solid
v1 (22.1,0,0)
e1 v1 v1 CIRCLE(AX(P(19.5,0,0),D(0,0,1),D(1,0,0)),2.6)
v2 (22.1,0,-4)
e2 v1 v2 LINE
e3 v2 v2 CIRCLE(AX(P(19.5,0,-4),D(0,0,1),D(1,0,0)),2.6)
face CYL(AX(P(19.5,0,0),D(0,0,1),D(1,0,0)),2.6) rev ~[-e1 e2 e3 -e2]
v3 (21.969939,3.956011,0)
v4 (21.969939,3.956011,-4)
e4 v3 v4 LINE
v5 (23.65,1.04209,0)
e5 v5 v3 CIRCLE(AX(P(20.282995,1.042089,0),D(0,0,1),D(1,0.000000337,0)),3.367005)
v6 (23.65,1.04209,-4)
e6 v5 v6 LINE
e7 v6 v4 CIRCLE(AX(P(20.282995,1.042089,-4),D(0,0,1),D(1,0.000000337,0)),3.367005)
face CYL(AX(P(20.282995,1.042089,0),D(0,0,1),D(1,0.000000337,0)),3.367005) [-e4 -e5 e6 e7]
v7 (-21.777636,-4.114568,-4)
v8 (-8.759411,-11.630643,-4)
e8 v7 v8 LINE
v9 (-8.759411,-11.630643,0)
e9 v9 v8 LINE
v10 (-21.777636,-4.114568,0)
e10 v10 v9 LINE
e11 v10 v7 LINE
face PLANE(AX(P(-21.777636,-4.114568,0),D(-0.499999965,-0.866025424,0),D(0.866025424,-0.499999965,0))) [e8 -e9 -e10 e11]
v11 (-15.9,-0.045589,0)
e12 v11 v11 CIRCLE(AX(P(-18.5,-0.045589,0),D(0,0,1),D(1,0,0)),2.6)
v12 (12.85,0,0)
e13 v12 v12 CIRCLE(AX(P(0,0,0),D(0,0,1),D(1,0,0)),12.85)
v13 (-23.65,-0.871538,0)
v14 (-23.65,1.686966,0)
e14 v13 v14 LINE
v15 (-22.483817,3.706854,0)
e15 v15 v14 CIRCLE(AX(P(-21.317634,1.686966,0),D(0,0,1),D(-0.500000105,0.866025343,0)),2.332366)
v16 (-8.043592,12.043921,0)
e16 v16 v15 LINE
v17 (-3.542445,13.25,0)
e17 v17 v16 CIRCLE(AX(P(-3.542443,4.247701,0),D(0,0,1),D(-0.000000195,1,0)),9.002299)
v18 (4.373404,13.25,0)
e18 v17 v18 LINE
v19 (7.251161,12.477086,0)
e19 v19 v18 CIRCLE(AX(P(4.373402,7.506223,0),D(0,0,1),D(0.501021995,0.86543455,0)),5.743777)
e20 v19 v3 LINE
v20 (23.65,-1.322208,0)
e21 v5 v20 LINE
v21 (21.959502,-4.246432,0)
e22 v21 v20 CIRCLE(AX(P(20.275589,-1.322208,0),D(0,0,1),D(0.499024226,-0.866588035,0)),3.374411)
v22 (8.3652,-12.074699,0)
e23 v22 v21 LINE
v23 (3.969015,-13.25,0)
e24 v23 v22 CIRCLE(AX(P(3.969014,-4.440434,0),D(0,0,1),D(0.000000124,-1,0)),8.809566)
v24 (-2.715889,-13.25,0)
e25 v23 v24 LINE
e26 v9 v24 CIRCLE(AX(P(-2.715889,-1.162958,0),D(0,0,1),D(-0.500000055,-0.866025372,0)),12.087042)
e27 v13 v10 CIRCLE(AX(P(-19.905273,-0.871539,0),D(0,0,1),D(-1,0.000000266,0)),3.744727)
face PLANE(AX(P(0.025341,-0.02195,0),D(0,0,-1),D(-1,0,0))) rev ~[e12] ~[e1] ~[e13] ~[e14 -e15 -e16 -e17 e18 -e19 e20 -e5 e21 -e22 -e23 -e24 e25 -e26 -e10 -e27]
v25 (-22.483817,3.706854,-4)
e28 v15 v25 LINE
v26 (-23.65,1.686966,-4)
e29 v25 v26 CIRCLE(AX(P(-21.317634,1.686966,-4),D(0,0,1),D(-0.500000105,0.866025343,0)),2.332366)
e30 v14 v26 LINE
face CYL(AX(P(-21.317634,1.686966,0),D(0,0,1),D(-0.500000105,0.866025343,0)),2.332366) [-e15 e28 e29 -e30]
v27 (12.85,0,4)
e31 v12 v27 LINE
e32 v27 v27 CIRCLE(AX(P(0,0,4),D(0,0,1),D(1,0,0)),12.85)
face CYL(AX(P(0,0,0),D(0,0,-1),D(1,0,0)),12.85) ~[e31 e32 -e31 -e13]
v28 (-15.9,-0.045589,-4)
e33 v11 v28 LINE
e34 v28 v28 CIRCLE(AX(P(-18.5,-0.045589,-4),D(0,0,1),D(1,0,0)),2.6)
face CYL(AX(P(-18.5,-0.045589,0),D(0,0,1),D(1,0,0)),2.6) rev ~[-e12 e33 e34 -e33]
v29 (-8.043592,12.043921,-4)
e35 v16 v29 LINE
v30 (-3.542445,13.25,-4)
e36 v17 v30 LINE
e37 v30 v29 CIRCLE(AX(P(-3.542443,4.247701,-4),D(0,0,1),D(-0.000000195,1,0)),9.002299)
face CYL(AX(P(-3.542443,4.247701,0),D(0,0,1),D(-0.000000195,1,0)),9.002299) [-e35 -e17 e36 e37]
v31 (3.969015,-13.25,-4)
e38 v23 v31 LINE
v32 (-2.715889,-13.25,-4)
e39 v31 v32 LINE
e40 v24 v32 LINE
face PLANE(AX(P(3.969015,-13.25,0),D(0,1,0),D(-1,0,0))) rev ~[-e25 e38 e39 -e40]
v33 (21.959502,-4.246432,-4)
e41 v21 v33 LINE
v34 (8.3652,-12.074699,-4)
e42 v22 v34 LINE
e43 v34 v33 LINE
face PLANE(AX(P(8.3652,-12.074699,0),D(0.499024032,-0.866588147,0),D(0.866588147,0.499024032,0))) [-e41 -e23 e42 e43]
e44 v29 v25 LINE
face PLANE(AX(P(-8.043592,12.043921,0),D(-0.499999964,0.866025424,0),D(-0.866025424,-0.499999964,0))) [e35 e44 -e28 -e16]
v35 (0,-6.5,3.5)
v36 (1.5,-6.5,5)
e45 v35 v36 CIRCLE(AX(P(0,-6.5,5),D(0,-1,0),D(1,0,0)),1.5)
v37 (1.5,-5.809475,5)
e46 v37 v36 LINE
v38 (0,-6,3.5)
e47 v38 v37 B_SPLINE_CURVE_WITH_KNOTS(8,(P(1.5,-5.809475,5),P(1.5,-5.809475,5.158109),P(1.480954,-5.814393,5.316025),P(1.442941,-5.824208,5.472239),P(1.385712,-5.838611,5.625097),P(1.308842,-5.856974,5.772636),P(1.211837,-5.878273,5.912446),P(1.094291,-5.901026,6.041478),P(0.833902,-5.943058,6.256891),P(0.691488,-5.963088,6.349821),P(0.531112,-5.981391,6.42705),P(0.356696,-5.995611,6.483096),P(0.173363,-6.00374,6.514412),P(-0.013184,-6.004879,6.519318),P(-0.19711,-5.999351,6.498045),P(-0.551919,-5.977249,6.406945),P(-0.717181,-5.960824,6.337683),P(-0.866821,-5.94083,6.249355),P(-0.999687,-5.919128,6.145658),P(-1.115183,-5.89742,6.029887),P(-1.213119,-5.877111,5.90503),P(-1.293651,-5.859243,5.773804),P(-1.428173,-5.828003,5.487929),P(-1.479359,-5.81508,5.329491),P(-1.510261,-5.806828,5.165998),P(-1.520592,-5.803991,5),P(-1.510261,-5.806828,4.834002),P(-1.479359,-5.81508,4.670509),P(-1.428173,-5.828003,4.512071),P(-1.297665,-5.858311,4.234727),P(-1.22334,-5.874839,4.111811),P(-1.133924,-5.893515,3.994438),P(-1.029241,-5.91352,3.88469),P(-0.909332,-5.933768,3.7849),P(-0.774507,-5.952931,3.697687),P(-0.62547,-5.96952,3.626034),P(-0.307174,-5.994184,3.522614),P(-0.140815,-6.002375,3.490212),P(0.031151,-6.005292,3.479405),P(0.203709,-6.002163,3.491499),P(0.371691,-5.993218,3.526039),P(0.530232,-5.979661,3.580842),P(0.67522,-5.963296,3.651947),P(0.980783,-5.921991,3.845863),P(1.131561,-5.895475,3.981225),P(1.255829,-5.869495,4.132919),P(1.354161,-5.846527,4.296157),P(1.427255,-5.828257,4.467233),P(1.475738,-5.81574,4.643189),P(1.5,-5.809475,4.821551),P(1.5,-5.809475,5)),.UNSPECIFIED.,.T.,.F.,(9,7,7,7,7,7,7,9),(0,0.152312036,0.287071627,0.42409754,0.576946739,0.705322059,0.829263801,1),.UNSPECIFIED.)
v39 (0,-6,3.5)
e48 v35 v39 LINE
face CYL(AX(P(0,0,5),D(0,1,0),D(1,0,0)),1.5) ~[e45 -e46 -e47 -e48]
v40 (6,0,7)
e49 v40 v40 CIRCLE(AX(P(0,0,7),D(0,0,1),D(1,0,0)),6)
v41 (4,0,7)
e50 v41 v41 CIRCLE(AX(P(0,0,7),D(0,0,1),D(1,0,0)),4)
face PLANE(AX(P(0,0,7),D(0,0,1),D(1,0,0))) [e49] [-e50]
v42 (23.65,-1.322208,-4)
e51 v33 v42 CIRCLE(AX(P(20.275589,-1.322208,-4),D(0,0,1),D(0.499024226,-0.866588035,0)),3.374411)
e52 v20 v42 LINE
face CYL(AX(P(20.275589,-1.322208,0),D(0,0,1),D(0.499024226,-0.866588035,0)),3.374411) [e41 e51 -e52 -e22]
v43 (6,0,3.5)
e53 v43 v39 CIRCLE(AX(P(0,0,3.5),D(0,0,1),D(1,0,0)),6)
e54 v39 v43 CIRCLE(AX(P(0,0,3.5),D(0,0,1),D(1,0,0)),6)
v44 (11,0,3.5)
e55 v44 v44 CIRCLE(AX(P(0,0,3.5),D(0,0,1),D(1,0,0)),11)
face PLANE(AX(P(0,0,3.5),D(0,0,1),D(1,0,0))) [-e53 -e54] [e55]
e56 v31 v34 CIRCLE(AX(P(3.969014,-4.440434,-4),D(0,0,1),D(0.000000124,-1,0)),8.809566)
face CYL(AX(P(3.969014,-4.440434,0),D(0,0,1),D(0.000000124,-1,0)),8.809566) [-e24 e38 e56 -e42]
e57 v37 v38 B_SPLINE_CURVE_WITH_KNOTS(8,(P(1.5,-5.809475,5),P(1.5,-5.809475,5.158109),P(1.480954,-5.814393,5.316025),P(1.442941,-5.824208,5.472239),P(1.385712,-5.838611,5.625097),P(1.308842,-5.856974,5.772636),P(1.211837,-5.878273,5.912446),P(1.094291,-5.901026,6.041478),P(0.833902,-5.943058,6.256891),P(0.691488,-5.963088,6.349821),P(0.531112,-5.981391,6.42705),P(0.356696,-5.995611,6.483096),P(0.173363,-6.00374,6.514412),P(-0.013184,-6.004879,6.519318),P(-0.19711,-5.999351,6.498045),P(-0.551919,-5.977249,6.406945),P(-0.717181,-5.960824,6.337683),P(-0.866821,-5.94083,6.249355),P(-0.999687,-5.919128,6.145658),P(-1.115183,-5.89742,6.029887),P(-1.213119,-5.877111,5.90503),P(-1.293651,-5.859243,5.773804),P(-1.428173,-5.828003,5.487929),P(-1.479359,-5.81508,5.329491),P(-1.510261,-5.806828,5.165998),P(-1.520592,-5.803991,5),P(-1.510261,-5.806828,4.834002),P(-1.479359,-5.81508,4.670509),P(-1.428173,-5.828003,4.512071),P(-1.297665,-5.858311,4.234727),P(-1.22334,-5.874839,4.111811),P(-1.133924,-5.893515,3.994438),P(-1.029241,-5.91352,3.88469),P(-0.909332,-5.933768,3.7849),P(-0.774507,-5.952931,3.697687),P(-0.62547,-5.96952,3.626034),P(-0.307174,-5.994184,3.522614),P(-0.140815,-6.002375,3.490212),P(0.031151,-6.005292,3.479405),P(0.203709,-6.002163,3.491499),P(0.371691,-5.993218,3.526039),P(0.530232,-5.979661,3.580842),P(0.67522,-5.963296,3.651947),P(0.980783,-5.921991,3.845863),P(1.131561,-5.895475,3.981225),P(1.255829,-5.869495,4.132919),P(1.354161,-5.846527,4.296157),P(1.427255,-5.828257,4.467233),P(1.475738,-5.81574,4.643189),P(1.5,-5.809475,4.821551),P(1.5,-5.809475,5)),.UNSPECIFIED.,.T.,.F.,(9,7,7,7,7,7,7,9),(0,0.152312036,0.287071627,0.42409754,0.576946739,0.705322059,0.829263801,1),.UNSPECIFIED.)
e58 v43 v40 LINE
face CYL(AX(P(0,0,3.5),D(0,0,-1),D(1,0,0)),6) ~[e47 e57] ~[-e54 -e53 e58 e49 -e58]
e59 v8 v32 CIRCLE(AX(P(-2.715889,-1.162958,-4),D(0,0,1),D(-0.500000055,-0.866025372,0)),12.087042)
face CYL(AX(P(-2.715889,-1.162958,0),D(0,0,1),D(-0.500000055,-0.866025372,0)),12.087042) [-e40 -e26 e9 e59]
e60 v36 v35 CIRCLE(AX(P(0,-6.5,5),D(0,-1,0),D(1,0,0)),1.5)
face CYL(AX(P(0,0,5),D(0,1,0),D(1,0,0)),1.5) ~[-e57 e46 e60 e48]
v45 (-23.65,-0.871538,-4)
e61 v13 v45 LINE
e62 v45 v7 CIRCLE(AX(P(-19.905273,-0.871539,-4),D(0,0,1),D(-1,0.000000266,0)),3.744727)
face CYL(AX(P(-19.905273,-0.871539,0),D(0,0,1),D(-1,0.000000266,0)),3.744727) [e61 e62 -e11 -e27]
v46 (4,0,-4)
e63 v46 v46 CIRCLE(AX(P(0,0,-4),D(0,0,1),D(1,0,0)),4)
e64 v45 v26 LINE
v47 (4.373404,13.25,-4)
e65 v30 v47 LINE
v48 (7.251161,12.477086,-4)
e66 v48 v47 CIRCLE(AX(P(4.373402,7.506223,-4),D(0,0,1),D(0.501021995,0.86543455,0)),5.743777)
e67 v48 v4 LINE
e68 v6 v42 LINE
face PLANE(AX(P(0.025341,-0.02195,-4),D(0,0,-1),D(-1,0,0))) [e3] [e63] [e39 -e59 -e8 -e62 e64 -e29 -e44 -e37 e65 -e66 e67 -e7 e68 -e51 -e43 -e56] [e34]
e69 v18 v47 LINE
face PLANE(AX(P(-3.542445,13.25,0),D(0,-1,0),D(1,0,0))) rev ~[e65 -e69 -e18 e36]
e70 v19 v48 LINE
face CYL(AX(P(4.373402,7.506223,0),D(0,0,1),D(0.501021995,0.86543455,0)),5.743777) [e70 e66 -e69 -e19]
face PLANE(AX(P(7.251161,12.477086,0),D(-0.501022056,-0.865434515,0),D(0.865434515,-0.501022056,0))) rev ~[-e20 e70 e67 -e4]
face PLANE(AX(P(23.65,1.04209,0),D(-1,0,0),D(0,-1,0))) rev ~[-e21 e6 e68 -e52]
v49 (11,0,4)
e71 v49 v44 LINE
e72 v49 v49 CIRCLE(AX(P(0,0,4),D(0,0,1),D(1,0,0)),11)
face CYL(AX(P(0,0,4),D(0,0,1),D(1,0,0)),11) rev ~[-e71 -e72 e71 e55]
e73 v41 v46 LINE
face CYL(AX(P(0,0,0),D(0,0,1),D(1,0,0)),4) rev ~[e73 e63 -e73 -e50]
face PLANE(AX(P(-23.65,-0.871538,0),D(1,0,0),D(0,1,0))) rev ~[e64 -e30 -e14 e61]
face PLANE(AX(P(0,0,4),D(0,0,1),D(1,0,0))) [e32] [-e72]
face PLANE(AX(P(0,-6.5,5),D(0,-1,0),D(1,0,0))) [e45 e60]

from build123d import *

# Parameters (mm, degrees)
SKETCH_R        = 12.85
PAD_DEPTH       = 4
SKETCH003_R     = 11
POCKET_DEPTH    = 0.5
SKETCH004_R     = 6
PAD001_DEPTH    = 3.5
SKETCH006_R     = 1.5
PAD002_DEPTH    = 6.5
SKETCH005_R     = 4
POCKET001_DEPTH = 7.001
SKETCH007_R     = 2.6
PAD003_DEPTH    = 4
SKETCH008_R     = 4
POCKET002_DEPTH = 4


with BuildPart() as part:
    # Sketch → Pad (new body)
    with BuildSketch(Plane.XY):
        Circle(SKETCH_R)
    extrude(amount=PAD_DEPTH)

    # Sketch003 → Pocket (cut)
    with BuildSketch(Plane.XY.offset(4)):
        Circle(SKETCH003_R)
    extrude(amount=-POCKET_DEPTH, mode=Mode.SUBTRACT)

    # Sketch004 (on Face5 of Pocket) → Pad001 (join)
    with BuildSketch(Plane.XY.offset(3.5)):
        Circle(SKETCH004_R)
    extrude(amount=PAD001_DEPTH)

    # Sketch006 → Pad002 (join)
    with BuildSketch(Plane.XZ):
        with Locations((0, 5)):
            Circle(SKETCH006_R)
    extrude(amount=PAD002_DEPTH)

    # Sketch005 (on Face7 of Pad001) → Pocket001 (cut, through all)
    with BuildSketch(Plane.XY.offset(7)):
        Circle(SKETCH005_R)
    extrude(amount=-POCKET001_DEPTH, mode=Mode.SUBTRACT)

    # Sketch007 → Pad003 (join)
    with BuildSketch(Plane.XY):
        with BuildLine():
            Line((-3.542445, 13.25), (4.373404, 13.25))
            ThreePointArc((7.251161, 12.477086), (5.863276, 13.053407), (4.373404, 13.25))
            Line((7.251161, 12.477086), (21.969939, 3.956011))
            ThreePointArc((23.65, 1.04209), (23.1999, 2.72387), (21.969939, 3.956011))
            Line((23.65, 1.04209), (23.65, -1.322208))
            ThreePointArc((21.959502, -4.246432), (23.196964, -3.011059), (23.65, -1.322208))
            Line((8.3652, -12.074699), (21.959502, -4.246432))
            ThreePointArc((3.969015, -13.25), (6.244305, -12.951104), (8.3652, -12.074699))
            Line((3.969015, -13.25), (-2.715889, -13.25))
            ThreePointArc((-8.759411, -11.630643), (-5.844246, -12.838144), (-2.715889, -13.25))
            Line((-21.777636, -4.114568), (-8.759411, -11.630643))
            ThreePointArc((-23.65, -0.871538), (-23.148302, -2.743902), (-21.777636, -4.114568))
            Line((-23.65, -0.871538), (-23.65, 1.686966))
            ThreePointArc((-22.483817, 3.706854), (-23.337522, 2.853149), (-23.65, 1.686966))
            Line((-8.043592, 12.043921), (-22.483817, 3.706854))
            ThreePointArc((-3.542445, 13.25), (-5.87241, 12.943254), (-8.043592, 12.043921))
        make_face()
        with Locations((-18.5, -0.045589)):
            Circle(SKETCH007_R, mode=Mode.SUBTRACT)
        with Locations((19.5, 0)):
            Circle(SKETCH007_R, mode=Mode.SUBTRACT)
    extrude(amount=-PAD003_DEPTH)

    # Sketch008 → Pocket002 (cut)
    with BuildSketch(Plane.XY):
        Circle(SKETCH008_R)
    extrude(amount=-POCKET002_DEPTH, mode=Mode.SUBTRACT)


solid = part.part
